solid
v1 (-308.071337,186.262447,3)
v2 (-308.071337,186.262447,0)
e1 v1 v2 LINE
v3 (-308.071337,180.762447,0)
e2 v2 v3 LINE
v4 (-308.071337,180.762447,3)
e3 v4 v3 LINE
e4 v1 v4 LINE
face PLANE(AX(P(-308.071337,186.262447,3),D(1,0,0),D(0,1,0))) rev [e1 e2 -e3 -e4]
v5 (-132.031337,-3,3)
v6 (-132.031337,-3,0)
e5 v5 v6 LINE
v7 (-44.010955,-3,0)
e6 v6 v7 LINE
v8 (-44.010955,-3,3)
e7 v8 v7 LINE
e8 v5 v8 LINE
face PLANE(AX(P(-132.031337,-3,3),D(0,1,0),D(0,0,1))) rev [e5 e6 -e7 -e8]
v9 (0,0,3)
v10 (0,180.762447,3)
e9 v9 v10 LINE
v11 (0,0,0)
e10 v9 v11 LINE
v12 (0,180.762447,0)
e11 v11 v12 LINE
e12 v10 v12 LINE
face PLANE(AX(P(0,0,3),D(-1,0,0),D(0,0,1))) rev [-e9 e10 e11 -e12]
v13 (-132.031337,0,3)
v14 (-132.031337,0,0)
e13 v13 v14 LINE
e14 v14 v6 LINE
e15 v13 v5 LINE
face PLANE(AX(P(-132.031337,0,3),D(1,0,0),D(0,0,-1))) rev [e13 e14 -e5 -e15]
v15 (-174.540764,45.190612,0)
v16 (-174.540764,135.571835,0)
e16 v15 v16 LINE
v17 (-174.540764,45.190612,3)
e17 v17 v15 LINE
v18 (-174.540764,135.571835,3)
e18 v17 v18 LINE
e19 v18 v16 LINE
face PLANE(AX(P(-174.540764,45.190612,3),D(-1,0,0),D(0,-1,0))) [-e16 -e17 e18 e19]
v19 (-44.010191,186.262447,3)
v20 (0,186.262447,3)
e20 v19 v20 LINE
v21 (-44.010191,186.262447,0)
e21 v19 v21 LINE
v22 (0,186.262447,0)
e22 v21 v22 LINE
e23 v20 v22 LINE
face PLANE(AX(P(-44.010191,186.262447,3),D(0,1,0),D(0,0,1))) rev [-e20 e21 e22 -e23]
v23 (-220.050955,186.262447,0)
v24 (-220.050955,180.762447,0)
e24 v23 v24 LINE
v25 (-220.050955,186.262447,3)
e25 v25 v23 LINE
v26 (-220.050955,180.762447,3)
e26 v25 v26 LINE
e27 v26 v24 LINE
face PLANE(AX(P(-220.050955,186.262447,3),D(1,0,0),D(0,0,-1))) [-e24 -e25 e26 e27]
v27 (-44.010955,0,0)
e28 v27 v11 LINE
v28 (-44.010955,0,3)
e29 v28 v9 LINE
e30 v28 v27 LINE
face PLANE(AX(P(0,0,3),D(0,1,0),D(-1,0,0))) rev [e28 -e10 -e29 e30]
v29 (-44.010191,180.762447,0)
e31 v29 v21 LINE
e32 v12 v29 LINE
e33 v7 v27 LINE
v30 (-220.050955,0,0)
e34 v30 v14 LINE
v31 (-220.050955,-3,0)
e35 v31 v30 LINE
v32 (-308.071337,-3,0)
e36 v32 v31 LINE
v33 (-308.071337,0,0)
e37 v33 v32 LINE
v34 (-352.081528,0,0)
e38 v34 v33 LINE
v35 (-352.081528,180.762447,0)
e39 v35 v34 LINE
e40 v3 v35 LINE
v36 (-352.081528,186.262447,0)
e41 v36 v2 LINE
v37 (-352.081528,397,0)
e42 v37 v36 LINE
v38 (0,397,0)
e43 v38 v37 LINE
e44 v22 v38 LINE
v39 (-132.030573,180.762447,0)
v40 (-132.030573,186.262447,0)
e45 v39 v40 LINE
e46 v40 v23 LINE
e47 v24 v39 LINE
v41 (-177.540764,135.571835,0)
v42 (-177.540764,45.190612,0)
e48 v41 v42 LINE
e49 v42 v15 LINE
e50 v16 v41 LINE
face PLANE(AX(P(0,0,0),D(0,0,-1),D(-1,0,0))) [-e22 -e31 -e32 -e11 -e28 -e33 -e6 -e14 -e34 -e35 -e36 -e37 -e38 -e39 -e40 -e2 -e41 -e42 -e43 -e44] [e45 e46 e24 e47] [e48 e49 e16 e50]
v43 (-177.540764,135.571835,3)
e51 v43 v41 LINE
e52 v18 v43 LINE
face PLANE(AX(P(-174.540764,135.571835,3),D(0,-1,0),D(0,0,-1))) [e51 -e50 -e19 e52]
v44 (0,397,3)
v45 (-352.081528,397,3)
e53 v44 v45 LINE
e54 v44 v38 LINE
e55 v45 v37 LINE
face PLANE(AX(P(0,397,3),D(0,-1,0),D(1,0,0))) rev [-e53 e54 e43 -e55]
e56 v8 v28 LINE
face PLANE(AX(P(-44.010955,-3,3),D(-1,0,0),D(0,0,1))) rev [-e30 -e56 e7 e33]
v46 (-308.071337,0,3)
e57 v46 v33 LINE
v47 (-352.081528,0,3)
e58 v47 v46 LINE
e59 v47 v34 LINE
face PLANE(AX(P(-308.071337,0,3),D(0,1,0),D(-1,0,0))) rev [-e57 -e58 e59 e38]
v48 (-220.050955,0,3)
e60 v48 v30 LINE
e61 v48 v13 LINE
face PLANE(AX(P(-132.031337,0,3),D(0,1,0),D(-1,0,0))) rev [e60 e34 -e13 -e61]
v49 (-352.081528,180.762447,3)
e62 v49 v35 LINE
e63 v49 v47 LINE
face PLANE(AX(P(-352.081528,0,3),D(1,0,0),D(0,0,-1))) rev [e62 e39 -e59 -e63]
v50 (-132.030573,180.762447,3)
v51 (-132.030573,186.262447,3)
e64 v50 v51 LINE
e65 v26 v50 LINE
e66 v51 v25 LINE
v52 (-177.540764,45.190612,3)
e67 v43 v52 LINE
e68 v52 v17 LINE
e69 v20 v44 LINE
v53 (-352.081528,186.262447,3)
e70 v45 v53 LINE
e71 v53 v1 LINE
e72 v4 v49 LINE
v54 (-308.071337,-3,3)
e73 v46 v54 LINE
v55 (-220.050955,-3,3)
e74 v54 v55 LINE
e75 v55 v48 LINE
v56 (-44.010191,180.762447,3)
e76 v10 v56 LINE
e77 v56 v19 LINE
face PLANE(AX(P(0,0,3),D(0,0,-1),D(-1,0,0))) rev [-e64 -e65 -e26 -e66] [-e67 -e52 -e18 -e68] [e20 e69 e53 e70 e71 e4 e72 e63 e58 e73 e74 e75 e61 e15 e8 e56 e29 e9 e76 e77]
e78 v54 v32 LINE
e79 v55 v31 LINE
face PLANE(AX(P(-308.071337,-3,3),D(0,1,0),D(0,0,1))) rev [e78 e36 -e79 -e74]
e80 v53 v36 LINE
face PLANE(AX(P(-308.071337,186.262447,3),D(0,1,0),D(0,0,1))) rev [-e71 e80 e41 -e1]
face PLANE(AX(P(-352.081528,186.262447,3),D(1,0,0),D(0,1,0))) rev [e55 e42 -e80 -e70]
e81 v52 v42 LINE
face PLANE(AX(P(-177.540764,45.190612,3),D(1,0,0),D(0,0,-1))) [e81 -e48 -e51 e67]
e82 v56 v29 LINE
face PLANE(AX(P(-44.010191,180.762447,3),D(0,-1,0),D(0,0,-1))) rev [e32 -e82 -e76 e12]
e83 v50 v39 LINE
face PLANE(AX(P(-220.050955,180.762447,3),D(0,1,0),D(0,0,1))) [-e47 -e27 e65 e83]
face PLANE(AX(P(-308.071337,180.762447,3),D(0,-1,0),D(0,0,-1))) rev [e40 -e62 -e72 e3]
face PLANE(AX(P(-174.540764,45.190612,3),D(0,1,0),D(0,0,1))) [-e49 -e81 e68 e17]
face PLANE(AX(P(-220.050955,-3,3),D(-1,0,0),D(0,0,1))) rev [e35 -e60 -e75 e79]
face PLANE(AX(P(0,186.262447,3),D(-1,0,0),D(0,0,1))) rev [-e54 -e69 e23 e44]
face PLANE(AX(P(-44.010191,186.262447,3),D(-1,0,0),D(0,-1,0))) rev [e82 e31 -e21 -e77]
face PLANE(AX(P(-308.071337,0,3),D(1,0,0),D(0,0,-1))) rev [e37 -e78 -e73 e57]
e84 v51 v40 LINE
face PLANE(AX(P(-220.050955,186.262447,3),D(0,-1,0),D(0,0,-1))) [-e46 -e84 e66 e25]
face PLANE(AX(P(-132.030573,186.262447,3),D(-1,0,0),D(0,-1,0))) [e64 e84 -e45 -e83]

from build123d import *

# Parameters (mm, degrees)
ESBO_O1_W                = 88.020382005
ESBO_O1_H                = 5.5
ESBO_O1_W_2              = 3
ESBO_O1_H_2              = 90.38122327
RESSALTO_EXTRUS_O1_DEPTH = 3


with BuildPart() as part:
    # Esboço1 → Ressalto-extrusão1 (new body)
    with BuildSketch(Plane.XY):
        Polygon((-308.071337018, 0), (-308.071337018, -3), (-220.050955012, -3), (-220.050955012, 0), (-132.031337017, 0), (-132.031337017, -3), (-44.010955012, -3), (-44.010955012, 0), (0, 0), (0, 180.76244654), (-44.010191002, 180.76244654), (-44.010191002, 186.26244654), (0, 186.26244654), (0, 397), (-352.08152802, 397), (-352.08152802, 186.26244654), (-308.071337018, 186.26244654), (-308.071337017, 180.76244654), (-352.08152802, 180.76244654), (-352.08152802, 0), align=None)
        with Locations((-176.04076401, 183.51244654)):
            Rectangle(ESBO_O1_W, ESBO_O1_H, mode=Mode.SUBTRACT)
        with Locations((-176.04076401, 90.38122327)):
            Rectangle(ESBO_O1_W_2, ESBO_O1_H_2, mode=Mode.SUBTRACT)
    extrude(amount=RESSALTO_EXTRUS_O1_DEPTH)


solid = part.part
